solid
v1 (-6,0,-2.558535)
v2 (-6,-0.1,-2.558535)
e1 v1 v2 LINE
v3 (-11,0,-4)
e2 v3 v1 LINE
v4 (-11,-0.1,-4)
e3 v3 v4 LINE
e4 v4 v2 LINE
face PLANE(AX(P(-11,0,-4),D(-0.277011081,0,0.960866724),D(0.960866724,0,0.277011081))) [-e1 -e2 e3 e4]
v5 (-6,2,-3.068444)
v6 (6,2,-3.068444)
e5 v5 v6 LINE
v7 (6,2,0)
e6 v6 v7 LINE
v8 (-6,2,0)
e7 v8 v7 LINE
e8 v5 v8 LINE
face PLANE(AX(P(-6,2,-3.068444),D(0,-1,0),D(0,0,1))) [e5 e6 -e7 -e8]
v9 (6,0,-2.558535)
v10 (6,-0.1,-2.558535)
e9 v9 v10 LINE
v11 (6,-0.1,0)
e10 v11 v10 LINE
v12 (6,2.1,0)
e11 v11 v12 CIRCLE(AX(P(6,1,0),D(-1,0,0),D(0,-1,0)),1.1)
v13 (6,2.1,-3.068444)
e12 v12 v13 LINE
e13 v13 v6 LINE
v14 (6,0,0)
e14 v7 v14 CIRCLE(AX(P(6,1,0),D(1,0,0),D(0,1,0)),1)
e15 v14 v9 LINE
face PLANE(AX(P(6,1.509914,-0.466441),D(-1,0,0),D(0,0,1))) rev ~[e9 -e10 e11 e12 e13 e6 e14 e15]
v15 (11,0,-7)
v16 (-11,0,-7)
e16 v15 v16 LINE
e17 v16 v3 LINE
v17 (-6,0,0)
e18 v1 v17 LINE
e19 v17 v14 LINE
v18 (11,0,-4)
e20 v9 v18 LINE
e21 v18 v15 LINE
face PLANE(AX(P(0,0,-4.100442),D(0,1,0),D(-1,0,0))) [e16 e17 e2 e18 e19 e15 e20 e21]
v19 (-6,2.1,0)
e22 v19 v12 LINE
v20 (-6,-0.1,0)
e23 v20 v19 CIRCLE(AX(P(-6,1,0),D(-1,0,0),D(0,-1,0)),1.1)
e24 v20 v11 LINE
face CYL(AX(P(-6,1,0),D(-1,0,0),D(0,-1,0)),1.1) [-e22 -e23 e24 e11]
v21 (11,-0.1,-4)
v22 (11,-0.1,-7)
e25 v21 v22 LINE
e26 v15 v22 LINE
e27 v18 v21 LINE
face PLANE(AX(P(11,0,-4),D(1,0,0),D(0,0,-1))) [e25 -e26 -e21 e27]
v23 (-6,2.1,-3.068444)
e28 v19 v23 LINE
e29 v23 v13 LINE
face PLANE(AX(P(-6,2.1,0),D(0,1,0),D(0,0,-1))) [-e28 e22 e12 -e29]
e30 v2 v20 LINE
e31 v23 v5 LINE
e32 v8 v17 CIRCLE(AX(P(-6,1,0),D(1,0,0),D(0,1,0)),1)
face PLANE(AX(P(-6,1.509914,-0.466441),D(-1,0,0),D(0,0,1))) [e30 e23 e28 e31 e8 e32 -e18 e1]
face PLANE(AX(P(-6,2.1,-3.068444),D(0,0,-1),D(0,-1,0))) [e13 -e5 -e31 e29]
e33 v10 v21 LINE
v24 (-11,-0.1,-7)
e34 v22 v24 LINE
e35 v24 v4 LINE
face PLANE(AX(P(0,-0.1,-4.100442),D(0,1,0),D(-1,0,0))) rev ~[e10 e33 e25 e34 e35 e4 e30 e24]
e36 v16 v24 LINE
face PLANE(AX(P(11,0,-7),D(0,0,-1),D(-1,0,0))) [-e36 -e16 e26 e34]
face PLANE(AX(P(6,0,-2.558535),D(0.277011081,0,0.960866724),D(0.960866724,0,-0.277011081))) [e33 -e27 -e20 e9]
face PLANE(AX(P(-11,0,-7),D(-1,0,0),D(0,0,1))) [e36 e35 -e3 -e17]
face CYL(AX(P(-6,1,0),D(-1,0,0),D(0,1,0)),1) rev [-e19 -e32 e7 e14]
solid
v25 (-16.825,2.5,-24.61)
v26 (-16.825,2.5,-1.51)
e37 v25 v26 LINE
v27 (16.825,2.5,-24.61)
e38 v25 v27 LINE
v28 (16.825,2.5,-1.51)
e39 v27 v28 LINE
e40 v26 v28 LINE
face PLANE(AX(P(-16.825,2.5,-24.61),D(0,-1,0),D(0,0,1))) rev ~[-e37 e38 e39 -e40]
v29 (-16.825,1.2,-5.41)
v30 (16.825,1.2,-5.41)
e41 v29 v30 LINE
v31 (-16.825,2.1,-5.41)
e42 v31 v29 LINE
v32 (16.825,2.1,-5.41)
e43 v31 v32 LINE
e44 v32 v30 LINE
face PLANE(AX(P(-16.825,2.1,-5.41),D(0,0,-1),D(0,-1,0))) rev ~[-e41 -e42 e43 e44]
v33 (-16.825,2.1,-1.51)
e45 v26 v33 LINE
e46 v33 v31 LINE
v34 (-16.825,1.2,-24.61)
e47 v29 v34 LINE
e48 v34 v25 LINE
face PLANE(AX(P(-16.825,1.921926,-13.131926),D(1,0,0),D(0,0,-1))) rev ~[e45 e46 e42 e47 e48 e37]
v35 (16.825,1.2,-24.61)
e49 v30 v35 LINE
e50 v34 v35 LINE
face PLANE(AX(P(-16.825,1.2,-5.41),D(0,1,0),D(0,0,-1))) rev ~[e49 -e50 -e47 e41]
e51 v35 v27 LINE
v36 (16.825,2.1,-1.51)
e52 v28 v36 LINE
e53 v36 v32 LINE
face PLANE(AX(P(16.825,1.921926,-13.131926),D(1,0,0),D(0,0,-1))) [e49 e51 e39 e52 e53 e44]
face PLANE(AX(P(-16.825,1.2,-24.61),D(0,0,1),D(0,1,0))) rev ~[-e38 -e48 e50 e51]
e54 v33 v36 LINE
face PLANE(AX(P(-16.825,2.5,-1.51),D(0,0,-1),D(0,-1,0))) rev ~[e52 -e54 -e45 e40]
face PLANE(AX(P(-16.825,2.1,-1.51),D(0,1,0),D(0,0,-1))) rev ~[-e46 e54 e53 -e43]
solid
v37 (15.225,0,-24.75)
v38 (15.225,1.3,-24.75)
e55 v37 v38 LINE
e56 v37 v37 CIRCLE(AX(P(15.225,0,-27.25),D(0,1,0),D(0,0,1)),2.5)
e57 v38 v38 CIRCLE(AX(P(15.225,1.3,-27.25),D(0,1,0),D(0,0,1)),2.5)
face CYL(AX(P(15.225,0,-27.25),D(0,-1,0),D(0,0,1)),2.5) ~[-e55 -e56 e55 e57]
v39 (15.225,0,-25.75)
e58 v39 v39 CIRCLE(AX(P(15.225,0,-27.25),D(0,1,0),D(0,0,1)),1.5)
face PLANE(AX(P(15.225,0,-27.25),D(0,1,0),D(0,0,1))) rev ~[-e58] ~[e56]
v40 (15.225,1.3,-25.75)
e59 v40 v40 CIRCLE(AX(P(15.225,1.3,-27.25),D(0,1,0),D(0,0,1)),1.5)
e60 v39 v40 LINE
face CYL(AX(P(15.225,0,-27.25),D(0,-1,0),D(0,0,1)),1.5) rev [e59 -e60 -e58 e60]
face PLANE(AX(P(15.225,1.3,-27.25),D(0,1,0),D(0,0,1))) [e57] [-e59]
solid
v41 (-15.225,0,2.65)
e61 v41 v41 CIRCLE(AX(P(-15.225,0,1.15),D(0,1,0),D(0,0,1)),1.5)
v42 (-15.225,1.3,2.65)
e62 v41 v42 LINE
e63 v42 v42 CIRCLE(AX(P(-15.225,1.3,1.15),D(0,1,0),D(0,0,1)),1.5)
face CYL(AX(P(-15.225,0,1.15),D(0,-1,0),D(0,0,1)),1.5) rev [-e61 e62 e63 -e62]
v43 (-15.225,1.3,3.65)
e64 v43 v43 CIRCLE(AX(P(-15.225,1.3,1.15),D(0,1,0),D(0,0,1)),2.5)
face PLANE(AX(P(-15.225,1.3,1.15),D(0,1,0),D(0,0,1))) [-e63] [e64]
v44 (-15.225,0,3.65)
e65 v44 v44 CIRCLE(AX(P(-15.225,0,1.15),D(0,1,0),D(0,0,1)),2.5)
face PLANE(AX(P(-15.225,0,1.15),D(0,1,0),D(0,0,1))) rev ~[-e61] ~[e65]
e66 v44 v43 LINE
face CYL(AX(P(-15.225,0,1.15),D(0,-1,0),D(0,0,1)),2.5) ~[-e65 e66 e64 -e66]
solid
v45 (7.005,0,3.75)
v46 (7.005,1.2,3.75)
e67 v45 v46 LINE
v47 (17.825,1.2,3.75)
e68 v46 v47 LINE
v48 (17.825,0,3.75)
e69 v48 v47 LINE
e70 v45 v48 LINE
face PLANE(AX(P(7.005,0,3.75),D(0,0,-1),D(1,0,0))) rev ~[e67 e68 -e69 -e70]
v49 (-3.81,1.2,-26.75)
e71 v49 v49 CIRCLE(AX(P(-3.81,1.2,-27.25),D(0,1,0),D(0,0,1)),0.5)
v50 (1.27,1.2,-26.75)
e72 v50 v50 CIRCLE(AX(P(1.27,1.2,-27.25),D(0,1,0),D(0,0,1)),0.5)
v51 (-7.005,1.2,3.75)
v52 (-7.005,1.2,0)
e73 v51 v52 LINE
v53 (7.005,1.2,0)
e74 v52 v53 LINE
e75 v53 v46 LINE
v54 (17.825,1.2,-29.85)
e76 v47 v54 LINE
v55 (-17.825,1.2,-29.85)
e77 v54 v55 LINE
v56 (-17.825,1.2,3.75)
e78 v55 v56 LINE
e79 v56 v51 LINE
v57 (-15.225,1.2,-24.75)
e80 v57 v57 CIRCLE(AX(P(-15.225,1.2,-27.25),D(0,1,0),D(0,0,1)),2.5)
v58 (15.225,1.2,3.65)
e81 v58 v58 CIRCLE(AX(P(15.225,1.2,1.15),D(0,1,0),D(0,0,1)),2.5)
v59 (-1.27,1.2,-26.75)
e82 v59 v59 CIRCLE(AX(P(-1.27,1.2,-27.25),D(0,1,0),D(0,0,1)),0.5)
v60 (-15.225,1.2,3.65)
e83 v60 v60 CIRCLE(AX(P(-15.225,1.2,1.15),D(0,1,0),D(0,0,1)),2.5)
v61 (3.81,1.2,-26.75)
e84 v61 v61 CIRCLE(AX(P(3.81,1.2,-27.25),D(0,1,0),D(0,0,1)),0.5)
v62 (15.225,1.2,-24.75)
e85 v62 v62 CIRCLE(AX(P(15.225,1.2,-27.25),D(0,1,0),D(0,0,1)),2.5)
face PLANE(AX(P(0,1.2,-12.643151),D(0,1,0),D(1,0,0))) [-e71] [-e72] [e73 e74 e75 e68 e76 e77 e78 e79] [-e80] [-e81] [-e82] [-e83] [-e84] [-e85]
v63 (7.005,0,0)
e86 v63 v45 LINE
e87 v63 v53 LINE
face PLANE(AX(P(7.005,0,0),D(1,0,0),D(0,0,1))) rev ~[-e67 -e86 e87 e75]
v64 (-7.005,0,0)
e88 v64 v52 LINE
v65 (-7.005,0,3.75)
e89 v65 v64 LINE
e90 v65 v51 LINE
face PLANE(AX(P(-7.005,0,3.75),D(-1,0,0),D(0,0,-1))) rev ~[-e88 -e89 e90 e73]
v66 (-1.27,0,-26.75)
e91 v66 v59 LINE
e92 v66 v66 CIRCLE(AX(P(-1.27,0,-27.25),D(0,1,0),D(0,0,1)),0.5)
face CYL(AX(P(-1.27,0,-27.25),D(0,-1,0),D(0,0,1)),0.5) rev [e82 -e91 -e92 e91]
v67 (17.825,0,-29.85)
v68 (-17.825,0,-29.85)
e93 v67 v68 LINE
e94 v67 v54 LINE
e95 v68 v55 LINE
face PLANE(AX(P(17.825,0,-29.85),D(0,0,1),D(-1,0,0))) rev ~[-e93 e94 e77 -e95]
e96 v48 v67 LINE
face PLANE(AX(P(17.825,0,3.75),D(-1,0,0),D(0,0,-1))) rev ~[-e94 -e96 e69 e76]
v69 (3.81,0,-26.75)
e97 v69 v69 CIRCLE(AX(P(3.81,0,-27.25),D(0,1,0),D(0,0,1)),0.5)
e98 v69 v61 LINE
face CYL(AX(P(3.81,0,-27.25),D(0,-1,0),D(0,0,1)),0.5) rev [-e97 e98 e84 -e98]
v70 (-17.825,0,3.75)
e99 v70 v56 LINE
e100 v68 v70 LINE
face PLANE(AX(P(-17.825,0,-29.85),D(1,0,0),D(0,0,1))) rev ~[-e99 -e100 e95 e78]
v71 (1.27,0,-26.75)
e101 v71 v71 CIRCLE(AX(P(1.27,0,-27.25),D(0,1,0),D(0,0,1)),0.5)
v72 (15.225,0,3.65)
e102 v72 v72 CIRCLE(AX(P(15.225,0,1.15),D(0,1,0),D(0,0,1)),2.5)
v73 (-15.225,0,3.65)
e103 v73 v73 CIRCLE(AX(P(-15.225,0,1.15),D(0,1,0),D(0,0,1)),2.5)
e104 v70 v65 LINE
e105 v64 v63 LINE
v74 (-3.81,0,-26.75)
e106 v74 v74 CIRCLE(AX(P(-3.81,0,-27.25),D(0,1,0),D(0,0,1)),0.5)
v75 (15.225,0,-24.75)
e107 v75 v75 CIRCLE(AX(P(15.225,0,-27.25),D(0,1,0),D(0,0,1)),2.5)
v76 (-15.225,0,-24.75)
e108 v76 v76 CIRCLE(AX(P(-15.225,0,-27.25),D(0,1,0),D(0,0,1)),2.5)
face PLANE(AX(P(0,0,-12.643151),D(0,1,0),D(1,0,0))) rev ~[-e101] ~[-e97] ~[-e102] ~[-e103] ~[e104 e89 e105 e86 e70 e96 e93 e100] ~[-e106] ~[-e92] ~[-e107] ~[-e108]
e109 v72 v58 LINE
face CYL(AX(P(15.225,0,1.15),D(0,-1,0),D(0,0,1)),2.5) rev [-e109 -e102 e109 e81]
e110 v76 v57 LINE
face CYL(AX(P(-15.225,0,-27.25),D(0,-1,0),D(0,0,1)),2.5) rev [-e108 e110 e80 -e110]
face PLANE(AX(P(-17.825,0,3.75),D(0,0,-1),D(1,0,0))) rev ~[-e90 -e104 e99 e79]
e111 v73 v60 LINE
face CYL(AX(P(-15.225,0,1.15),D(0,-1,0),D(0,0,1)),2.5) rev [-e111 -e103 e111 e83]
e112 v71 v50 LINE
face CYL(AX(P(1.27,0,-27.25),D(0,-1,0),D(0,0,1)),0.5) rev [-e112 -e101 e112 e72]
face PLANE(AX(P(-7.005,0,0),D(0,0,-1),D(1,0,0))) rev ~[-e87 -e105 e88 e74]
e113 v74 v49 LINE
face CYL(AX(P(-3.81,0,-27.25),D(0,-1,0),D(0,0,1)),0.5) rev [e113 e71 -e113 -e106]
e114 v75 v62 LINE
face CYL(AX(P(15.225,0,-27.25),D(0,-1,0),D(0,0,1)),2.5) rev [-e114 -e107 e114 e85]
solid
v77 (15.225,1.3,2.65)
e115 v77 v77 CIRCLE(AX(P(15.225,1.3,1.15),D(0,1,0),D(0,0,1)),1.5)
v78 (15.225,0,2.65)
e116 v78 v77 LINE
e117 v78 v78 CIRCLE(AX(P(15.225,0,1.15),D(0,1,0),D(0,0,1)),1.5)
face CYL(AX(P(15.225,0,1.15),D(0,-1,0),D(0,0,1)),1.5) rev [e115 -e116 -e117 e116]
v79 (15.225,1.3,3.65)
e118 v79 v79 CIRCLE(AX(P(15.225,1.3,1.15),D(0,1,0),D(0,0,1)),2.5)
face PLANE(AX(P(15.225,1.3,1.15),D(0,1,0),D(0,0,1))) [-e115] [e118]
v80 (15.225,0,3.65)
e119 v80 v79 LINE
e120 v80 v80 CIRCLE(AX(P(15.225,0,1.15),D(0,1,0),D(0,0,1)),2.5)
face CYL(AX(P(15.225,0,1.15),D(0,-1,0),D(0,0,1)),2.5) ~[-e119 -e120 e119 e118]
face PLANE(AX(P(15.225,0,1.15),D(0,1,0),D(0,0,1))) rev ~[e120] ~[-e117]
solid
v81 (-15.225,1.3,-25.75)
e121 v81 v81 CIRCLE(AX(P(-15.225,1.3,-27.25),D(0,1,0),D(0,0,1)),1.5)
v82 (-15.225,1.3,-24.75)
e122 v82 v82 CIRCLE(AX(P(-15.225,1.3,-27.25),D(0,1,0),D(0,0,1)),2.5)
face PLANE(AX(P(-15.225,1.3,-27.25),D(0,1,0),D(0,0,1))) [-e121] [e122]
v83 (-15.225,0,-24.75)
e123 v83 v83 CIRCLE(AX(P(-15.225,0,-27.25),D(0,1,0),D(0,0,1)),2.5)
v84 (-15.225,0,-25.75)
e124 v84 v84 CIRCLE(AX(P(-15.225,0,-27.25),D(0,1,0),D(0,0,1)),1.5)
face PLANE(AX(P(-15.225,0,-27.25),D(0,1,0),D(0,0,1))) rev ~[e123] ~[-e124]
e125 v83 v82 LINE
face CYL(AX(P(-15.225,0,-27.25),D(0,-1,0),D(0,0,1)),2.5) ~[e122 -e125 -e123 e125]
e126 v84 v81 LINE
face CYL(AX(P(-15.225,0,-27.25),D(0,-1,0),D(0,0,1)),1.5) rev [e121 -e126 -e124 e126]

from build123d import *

# Parameters (mm, degrees)
CROQUIS1_R                     = 2.5
CROQUIS1_R_2                   = 0.5
SALIENTE_EXTRUIR1_DEPTH        = 1.2
SALIENTE_EXTRUIR2_DEPTH        = 0.1
SALIENTE_EXTRUIR2_DEPTH_BACK   = 1.2
CROQUIS2_R                     = 2.5
CROQUIS2_R_2                   = 1.5
SALIENTE_EXTRUIR2_2_DEPTH      = 0.1
SALIENTE_EXTRUIR2_2_DEPTH_BACK = 1.2
SALIENTE_EXTRUIR2_3_DEPTH      = 0.1
SALIENTE_EXTRUIR2_3_DEPTH_BACK = 1.2
SALIENTE_EXTRUIR2_4_DEPTH      = 0.1
SALIENTE_EXTRUIR2_4_DEPTH_BACK = 1.2
SALIENTE_EXTRUIR3_DEPTH        = 16.825
SALIENTE_EXTRUIR3_DEPTH_BACK   = 16.825
SALIENTE_EXTRUIR4_DEPTH        = 0.1
SALIENTE_EXTRUIR5_DEPTH        = 6
SALIENTE_EXTRUIR5_DEPTH_BACK   = 6


with BuildPart() as part:
    # Croquis1 → Saliente-Extruir1 (new body)
    with BuildSketch(Plane(origin=(0, 0, 0), x_dir=(1, 0, 0), z_dir=(0, 1, 0))):
        Polygon((-7.005, 0), (7.005, 0), (7.005, -3.75), (17.825, -3.75), (17.825, 29.85), (-17.825, 29.85), (-17.825, -3.75), (-7.005, -3.75), align=None)
        with Locations(Location((-15.225, 27.25, 0), (0, 0, 270))):
            Circle(CROQUIS1_R, mode=Mode.SUBTRACT)
        with Locations(Location((15.225, 27.25, 0), (0, 0, 270))):
            Circle(CROQUIS1_R, mode=Mode.SUBTRACT)
        with Locations(Location((-15.225, -1.15, 0), (0, 0, 270))):
            Circle(CROQUIS1_R, mode=Mode.SUBTRACT)
        with Locations(Location((15.225, -1.15, 0), (0, 0, 270))):
            Circle(CROQUIS1_R, mode=Mode.SUBTRACT)
        with Locations(Location((-1.27, 27.25, 0), (0, 0, 270))):
            Circle(CROQUIS1_R_2, mode=Mode.SUBTRACT)
        with Locations(Location((-3.81, 27.25, 0), (0, 0, 270))):
            Circle(CROQUIS1_R_2, mode=Mode.SUBTRACT)
        with Locations(Location((1.27, 27.25, 0), (0, 0, 270))):
            Circle(CROQUIS1_R_2, mode=Mode.SUBTRACT)
        with Locations(Location((3.81, 27.25, 0), (0, 0, 270))):
            Circle(CROQUIS1_R_2, mode=Mode.SUBTRACT)
    extrude(amount=SALIENTE_EXTRUIR1_DEPTH)


with BuildPart() as body_2:
    # Croquis2 → Saliente-Extruir2 (new, two sides: drawn at the far end of the back side and taken through both)
    with BuildSketch(Plane(origin=(0, 1.2, 0), x_dir=(1, 0, 0), z_dir=(0, 1, 0)).offset(-SALIENTE_EXTRUIR2_DEPTH_BACK)):
        with Locations(Location((-15.225, 27.25, 0), (0, 0, 270))):
            Circle(CROQUIS2_R)
        with Locations(Location((-15.225, 27.25, 0), (0, 0, 270))):
            Circle(CROQUIS2_R_2, mode=Mode.SUBTRACT)
    extrude(amount=SALIENTE_EXTRUIR2_DEPTH + SALIENTE_EXTRUIR2_DEPTH_BACK)


with BuildPart() as body_3:
    # Croquis2 → Saliente-Extruir2 2 (new, two sides: drawn at the far end of the back side and taken through both)
    with BuildSketch(Plane(origin=(0, 1.2, 0), x_dir=(1, 0, 0), z_dir=(0, 1, 0)).offset(-SALIENTE_EXTRUIR2_2_DEPTH_BACK)):
        with Locations(Location((15.225, 27.25, 0), (0, 0, 270))):
            Circle(CROQUIS2_R)
        with Locations(Location((15.225, 27.25, 0), (0, 0, 270))):
            Circle(CROQUIS2_R_2, mode=Mode.SUBTRACT)
    extrude(amount=SALIENTE_EXTRUIR2_2_DEPTH + SALIENTE_EXTRUIR2_2_DEPTH_BACK)


with BuildPart() as body_4:
    # Croquis2 → Saliente-Extruir2 3 (new, two sides: drawn at the far end of the back side and taken through both)
    with BuildSketch(Plane(origin=(0, 1.2, 0), x_dir=(1, 0, 0), z_dir=(0, 1, 0)).offset(-SALIENTE_EXTRUIR2_3_DEPTH_BACK)):
        with Locations(Location((-15.225, -1.15, 0), (0, 0, 270))):
            Circle(CROQUIS2_R)
        with Locations(Location((-15.225, -1.15, 0), (0, 0, 270))):
            Circle(CROQUIS2_R_2, mode=Mode.SUBTRACT)
    extrude(amount=SALIENTE_EXTRUIR2_3_DEPTH + SALIENTE_EXTRUIR2_3_DEPTH_BACK)


with BuildPart() as body_5:
    # Croquis2 → Saliente-Extruir2 4 (new, two sides: drawn at the far end of the back side and taken through both)
    with BuildSketch(Plane(origin=(0, 1.2, 0), x_dir=(1, 0, 0), z_dir=(0, 1, 0)).offset(-SALIENTE_EXTRUIR2_4_DEPTH_BACK)):
        with Locations(Location((15.225, -1.15, 0), (0, 0, 270))):
            Circle(CROQUIS2_R)
        with Locations(Location((15.225, -1.15, 0), (0, 0, 270))):
            Circle(CROQUIS2_R_2, mode=Mode.SUBTRACT)
    extrude(amount=SALIENTE_EXTRUIR2_4_DEPTH + SALIENTE_EXTRUIR2_4_DEPTH_BACK)


with BuildPart() as body_6:
    # Croquis3 → Saliente-Extruir3 (new, two sides: drawn at the far end of the back side and taken through both)
    with BuildSketch(Plane(origin=(0, 0, 0), x_dir=(0, 0, -1), z_dir=(1, 0, 0)).offset(-SALIENTE_EXTRUIR3_DEPTH_BACK)):
        Polygon((24.61, 1.2), (24.61, 2.5), (1.51, 2.5), (1.51, 2.1), (5.41, 2.1), (5.41, 1.2), align=None)
    extrude(amount=SALIENTE_EXTRUIR3_DEPTH + SALIENTE_EXTRUIR3_DEPTH_BACK)


with BuildPart() as body_7:
    # Croquis4 → Saliente-Extruir4 (new body)
    with BuildSketch(Plane.XZ):
        Polygon((11, -7), (-11, -7), (-11, -4), (-6, -2.55853536), (-6, 0), (6, 0), (6, -2.55853536), (11, -4), align=None)
    extrude(amount=SALIENTE_EXTRUIR4_DEPTH)

    # Croquis5 → Saliente-Extruir5 (add, two sides: drawn at the far end of the back side and taken through both)
    with BuildSketch(Plane(origin=(0, 0, 0), x_dir=(0, 0, -1), z_dir=(1, 0, 0)).offset(-SALIENTE_EXTRUIR5_DEPTH_BACK)):
        with BuildLine():
            Line((1.51, 2.1), (3.068443588, 2.1))
            Line((3.068443588, 2.1), (3.068443588, 2))
            Line((3.068443588, 2), (1.51, 2))
            Line((1.51, 2), (0, 2))
            ThreePointArc((0, 2), (-1, 1), (0, 0))
            Line((0, 0), (0, -0.1))
            ThreePointArc((0, -0.1), (-1.1, 1), (0, 2.1))
            Line((0, 2.1), (1.51, 2.1))
        make_face()
    extrude(amount=SALIENTE_EXTRUIR5_DEPTH + SALIENTE_EXTRUIR5_DEPTH_BACK)


solid = Compound([part.part, body_2.part, body_3.part, body_4.part, body_5.part, body_6.part, body_7.part])
